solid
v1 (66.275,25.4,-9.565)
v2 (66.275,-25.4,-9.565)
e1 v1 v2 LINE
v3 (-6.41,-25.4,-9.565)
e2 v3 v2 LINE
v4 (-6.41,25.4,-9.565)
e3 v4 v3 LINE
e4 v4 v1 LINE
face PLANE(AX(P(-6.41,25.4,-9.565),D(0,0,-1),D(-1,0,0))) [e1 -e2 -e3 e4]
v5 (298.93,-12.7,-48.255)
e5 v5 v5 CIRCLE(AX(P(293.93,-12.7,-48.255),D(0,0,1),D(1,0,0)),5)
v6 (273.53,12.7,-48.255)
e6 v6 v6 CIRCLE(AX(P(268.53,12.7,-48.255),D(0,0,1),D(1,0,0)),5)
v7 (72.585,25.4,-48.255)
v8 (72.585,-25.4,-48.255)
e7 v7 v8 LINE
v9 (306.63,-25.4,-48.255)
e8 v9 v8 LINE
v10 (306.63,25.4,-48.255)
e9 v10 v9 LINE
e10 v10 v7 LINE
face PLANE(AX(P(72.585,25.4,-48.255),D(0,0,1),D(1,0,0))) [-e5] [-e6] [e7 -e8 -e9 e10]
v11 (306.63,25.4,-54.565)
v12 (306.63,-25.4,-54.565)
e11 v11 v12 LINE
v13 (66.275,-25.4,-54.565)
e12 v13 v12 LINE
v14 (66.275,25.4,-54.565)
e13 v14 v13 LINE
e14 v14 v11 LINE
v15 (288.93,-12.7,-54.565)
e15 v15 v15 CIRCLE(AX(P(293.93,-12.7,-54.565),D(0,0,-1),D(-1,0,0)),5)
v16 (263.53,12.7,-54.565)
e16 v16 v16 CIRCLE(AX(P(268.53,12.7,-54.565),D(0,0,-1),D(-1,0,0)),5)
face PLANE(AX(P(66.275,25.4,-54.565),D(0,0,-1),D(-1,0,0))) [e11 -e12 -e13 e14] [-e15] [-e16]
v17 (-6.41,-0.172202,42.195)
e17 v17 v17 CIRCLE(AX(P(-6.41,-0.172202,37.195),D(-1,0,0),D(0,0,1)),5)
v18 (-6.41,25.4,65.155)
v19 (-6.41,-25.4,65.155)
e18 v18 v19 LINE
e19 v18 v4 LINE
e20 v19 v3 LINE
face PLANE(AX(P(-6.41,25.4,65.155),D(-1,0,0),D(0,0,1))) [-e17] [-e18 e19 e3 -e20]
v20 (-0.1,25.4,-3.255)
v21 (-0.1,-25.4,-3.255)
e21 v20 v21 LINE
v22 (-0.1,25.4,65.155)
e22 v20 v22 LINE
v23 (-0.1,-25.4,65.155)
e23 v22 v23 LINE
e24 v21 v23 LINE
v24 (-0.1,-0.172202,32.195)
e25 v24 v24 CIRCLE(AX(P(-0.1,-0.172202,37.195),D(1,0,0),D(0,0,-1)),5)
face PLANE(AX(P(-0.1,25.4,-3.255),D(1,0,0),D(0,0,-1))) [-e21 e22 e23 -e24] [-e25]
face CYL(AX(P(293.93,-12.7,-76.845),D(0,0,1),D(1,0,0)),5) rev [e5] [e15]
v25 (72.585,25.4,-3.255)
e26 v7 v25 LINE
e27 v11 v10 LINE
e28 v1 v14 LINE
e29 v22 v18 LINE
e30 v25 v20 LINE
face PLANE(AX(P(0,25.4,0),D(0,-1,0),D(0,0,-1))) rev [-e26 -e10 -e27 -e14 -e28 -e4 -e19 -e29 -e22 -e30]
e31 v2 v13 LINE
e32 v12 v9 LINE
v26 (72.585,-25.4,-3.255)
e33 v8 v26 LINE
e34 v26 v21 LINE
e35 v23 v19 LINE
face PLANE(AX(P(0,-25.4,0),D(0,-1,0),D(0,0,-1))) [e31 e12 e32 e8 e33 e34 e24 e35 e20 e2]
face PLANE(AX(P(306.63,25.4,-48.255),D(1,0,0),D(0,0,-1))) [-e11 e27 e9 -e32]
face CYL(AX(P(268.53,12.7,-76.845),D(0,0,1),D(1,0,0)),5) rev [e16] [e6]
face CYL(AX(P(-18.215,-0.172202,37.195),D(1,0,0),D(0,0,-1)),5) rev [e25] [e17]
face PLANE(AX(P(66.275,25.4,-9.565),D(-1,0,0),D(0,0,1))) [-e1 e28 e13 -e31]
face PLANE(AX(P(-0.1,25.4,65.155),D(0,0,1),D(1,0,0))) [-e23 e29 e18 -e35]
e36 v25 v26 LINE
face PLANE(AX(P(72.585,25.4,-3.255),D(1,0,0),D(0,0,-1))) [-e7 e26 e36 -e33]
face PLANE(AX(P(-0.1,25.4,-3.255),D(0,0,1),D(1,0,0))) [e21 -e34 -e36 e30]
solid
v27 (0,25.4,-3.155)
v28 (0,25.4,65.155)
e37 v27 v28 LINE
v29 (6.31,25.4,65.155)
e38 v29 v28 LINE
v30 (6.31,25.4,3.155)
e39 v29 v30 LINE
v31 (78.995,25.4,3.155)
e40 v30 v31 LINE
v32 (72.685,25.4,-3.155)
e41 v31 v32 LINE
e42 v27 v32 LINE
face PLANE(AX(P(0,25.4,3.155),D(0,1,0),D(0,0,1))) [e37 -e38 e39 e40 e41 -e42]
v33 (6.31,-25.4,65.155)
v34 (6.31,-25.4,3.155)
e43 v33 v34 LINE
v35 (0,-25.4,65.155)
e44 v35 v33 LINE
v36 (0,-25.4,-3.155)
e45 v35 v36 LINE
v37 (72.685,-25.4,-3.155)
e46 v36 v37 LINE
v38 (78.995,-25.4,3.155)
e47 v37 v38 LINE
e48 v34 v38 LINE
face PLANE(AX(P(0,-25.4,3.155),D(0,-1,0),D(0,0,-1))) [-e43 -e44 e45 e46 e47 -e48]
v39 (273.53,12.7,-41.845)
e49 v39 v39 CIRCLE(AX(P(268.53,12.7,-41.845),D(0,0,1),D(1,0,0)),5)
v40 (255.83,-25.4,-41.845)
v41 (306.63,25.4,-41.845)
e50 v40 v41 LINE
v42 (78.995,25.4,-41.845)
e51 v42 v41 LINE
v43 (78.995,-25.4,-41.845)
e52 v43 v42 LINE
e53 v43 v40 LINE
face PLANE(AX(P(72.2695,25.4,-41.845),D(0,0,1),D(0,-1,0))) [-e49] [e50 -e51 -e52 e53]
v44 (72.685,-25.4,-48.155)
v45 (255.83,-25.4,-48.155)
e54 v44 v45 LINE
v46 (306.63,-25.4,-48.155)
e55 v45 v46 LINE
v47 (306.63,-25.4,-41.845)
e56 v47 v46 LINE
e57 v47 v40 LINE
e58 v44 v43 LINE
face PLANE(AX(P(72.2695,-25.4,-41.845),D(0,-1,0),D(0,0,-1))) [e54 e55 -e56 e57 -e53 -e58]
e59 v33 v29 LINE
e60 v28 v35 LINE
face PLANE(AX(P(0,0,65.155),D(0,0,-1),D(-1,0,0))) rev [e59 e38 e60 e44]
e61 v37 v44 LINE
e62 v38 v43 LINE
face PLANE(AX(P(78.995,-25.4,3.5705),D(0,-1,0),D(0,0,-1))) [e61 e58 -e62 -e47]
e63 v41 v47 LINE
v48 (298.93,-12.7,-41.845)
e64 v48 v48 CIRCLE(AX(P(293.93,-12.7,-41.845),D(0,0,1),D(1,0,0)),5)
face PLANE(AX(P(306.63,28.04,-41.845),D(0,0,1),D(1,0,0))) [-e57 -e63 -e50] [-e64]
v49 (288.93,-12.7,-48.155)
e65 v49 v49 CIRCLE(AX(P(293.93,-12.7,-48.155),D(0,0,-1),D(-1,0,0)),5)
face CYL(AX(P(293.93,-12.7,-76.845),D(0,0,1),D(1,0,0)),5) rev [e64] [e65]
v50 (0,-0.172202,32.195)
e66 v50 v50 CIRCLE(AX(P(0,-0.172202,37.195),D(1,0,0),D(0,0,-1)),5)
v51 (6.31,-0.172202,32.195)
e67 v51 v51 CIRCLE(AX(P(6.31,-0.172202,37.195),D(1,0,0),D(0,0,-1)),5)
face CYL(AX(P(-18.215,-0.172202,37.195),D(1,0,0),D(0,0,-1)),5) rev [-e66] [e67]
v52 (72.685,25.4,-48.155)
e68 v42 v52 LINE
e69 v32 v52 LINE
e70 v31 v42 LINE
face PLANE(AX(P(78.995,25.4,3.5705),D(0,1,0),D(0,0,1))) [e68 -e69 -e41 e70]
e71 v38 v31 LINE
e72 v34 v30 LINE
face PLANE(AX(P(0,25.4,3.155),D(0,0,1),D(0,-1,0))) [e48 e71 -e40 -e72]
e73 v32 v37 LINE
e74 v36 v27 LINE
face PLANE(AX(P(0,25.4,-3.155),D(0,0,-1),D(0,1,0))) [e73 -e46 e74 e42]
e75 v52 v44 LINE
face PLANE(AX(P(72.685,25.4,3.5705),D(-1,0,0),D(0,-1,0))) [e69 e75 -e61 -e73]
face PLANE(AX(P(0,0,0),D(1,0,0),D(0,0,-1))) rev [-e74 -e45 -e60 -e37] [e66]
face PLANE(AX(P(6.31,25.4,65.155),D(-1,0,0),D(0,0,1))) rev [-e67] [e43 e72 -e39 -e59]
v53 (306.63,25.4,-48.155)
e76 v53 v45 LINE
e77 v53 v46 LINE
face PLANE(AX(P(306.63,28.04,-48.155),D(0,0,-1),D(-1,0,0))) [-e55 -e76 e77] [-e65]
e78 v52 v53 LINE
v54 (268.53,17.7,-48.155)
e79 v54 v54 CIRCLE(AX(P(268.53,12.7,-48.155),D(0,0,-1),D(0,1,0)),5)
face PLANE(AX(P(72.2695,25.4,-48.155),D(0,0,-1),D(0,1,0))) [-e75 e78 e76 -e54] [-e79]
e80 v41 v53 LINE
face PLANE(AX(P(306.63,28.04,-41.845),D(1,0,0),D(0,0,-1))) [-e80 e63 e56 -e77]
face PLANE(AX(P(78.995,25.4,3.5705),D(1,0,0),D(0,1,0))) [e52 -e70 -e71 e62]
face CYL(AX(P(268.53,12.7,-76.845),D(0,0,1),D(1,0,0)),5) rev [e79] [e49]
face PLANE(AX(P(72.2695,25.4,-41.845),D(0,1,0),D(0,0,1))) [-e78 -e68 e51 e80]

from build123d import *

# Parameters (mm, degrees)
CROQUIS2_W              = 6.31
CROQUIS2_H              = 50.8
CROQUIS3_W              = 6.31
CROQUIS3_H              = 50.8
SALIENTE_EXTRUIR1_DEPTH = 62
CROQUIS4_W              = 6.31
CROQUIS4_H              = 50.8
SALIENTE_EXTRUIR2_DEPTH = 40
CROQUIS5_R              = 6.35
CORTAR_EXTRUIR1_DEPTH   = 10
CROQUIS6_W              = 50.8
CROQUIS6_H              = 6.31
SALIENTE_EXTRUIR3_DEPTH = 50.8
CROQUIS7_W              = 50.8
CROQUIS7_H              = 362.6
CORTAR_EXTRUIR2_DEPTH   = 67
CROQUIS8_W              = 50.8
CROQUIS8_H              = 50.8
CORTAR_EXTRUIR3_DEPTH   = 67
SALIENTE_EXTRUIR4_DEPTH = 50.8
CROQUIS10_R             = 5
CORTAR_EXTRUIR4_DEPTH   = 24.525
CROQUIS11_R             = 5
CORTAR_EXTRUIR5_DEPTH   = 35


with BuildPart() as part:
    # Barrer1: sweep along a curve in space
    with BuildLine() as barrer1_path:
        Line((0, 0, 0), (75.84, 0, 0))
        Line((75.84, 0, 0), (75.84, 0, -45))
        Line((75.84, 0, -45), (281.23, 0, -45))
        Line((281.23, 0, -45), (281.23, -388, -45))
    # Croquis2 → Barrer1 (sweep)
    with BuildSketch(Plane(origin=(0, 0, 0), x_dir=(0, 0, -1), z_dir=(1, 0, 0))):
        Rectangle(CROQUIS2_W, CROQUIS2_H)
    sweep(path=barrer1_path.line, transition=Transition.RIGHT)

    # Croquis3 → Saliente-Extruir1 (add)
    with BuildSketch(Plane.XY.offset(3.155)):
        with Locations((3.155, 0)):
            Rectangle(CROQUIS3_W, CROQUIS3_H)
    extrude(amount=SALIENTE_EXTRUIR1_DEPTH)

    # Croquis4 → Saliente-Extruir2 (add)
    with BuildSketch(Plane.XY.offset(-41.845)):
        with Locations((258.985, -362.6)):
            Rectangle(CROQUIS4_W, CROQUIS4_H)
    extrude(amount=SALIENTE_EXTRUIR2_DEPTH)

    # Croquis5 → Cortar-Extruir1 (cut)
    with BuildSketch(Plane(origin=(262.14, 0, 0), x_dir=(0, 0, -1), z_dir=(1, 0, 0))):
        with Locations(Location((16.155, -346.6, 0), (0, 0, 90))):
            Circle(CROQUIS5_R)
        with Locations(Location((16.155, -378.6, 0), (0, 0, 90))):
            Circle(CROQUIS5_R)
    extrude(amount=-CORTAR_EXTRUIR1_DEPTH, mode=Mode.SUBTRACT)

    # Croquis6 → Saliente-Extruir3 (add)
    with BuildSketch(Plane.ZY):
        with Locations((39.755, 22.245)):
            Rectangle(CROQUIS6_W, CROQUIS6_H)
    extrude(amount=SALIENTE_EXTRUIR3_DEPTH)

    # Croquis7 → Cortar-Extruir2 (cut)
    with BuildSketch(Plane(origin=(0, 0, -48.155), x_dir=(-1, 0, 0), z_dir=(0, 0, -1))):
        with Locations((-281.23, -206.7)):
            Rectangle(CROQUIS7_W, CROQUIS7_H)
    extrude(amount=-CORTAR_EXTRUIR2_DEPTH, mode=Mode.SUBTRACT)

    # Croquis8 → Cortar-Extruir3 (cut)
    with BuildSketch(Plane.XZ.offset(-19.09)):
        with Locations((-25.4, 39.755)):
            Rectangle(CROQUIS8_W, CROQUIS8_H)
    extrude(amount=-CORTAR_EXTRUIR3_DEPTH, mode=Mode.SUBTRACT)


with BuildPart() as body_2:
    # Croquis9 → Saliente-Extruir4 (new body)
    with BuildSketch(Plane.XZ.offset(25.4)):
        Polygon((-0.1, 65.155), (-1.925533234, 65.155), (-6.41, 65.155), (-6.41, -9.565), (66.275, -9.565), (66.275, -54.565), (306.63, -54.565), (306.63, -48.255), (72.585, -48.255), (72.585, -3.255), (-0.1, -3.255), align=None)
    extrude(amount=-SALIENTE_EXTRUIR4_DEPTH)


with BuildPart() as cortar_extruir4_tool:
    # Croquis10 → Cortar-Extruir4 (new body)
    with BuildSketch(Plane(origin=(6.31, 0, 0), x_dir=(0, 0, -1), z_dir=(1, 0, 0))):
        with Locations((-37.195, -0.172201783)):
            Circle(CROQUIS10_R)
    extrude(amount=-CORTAR_EXTRUIR4_DEPTH)


with BuildPart() as part_1:
    add(part.part)

    # Cortar-Extruir4: cut by cortar_extruir4_tool
    add(cortar_extruir4_tool.part, mode=Mode.SUBTRACT)


with BuildPart() as body_2_1:
    add(body_2.part)

    # Cortar-Extruir4: cut by cortar_extruir4_tool
    add(cortar_extruir4_tool.part, mode=Mode.SUBTRACT)


with BuildPart() as cortar_extruir5_tool:
    # Croquis11 → Cortar-Extruir5 (new body)
    with BuildSketch(Plane.XY.offset(-41.845)):
        with Locations((293.93, -12.7)):
            Circle(CROQUIS11_R)
        with Locations((268.53, 12.7)):
            Circle(CROQUIS11_R)
    extrude(amount=-CORTAR_EXTRUIR5_DEPTH)


with BuildPart() as part_2:
    add(part_1.part)

    # Cortar-Extruir5: cut by cortar_extruir5_tool
    add(cortar_extruir5_tool.part, mode=Mode.SUBTRACT)


with BuildPart() as body_2_2:
    add(body_2_1.part)

    # Cortar-Extruir5: cut by cortar_extruir5_tool
    add(cortar_extruir5_tool.part, mode=Mode.SUBTRACT)


solid = Compound([part_2.part, body_2_2.part])
